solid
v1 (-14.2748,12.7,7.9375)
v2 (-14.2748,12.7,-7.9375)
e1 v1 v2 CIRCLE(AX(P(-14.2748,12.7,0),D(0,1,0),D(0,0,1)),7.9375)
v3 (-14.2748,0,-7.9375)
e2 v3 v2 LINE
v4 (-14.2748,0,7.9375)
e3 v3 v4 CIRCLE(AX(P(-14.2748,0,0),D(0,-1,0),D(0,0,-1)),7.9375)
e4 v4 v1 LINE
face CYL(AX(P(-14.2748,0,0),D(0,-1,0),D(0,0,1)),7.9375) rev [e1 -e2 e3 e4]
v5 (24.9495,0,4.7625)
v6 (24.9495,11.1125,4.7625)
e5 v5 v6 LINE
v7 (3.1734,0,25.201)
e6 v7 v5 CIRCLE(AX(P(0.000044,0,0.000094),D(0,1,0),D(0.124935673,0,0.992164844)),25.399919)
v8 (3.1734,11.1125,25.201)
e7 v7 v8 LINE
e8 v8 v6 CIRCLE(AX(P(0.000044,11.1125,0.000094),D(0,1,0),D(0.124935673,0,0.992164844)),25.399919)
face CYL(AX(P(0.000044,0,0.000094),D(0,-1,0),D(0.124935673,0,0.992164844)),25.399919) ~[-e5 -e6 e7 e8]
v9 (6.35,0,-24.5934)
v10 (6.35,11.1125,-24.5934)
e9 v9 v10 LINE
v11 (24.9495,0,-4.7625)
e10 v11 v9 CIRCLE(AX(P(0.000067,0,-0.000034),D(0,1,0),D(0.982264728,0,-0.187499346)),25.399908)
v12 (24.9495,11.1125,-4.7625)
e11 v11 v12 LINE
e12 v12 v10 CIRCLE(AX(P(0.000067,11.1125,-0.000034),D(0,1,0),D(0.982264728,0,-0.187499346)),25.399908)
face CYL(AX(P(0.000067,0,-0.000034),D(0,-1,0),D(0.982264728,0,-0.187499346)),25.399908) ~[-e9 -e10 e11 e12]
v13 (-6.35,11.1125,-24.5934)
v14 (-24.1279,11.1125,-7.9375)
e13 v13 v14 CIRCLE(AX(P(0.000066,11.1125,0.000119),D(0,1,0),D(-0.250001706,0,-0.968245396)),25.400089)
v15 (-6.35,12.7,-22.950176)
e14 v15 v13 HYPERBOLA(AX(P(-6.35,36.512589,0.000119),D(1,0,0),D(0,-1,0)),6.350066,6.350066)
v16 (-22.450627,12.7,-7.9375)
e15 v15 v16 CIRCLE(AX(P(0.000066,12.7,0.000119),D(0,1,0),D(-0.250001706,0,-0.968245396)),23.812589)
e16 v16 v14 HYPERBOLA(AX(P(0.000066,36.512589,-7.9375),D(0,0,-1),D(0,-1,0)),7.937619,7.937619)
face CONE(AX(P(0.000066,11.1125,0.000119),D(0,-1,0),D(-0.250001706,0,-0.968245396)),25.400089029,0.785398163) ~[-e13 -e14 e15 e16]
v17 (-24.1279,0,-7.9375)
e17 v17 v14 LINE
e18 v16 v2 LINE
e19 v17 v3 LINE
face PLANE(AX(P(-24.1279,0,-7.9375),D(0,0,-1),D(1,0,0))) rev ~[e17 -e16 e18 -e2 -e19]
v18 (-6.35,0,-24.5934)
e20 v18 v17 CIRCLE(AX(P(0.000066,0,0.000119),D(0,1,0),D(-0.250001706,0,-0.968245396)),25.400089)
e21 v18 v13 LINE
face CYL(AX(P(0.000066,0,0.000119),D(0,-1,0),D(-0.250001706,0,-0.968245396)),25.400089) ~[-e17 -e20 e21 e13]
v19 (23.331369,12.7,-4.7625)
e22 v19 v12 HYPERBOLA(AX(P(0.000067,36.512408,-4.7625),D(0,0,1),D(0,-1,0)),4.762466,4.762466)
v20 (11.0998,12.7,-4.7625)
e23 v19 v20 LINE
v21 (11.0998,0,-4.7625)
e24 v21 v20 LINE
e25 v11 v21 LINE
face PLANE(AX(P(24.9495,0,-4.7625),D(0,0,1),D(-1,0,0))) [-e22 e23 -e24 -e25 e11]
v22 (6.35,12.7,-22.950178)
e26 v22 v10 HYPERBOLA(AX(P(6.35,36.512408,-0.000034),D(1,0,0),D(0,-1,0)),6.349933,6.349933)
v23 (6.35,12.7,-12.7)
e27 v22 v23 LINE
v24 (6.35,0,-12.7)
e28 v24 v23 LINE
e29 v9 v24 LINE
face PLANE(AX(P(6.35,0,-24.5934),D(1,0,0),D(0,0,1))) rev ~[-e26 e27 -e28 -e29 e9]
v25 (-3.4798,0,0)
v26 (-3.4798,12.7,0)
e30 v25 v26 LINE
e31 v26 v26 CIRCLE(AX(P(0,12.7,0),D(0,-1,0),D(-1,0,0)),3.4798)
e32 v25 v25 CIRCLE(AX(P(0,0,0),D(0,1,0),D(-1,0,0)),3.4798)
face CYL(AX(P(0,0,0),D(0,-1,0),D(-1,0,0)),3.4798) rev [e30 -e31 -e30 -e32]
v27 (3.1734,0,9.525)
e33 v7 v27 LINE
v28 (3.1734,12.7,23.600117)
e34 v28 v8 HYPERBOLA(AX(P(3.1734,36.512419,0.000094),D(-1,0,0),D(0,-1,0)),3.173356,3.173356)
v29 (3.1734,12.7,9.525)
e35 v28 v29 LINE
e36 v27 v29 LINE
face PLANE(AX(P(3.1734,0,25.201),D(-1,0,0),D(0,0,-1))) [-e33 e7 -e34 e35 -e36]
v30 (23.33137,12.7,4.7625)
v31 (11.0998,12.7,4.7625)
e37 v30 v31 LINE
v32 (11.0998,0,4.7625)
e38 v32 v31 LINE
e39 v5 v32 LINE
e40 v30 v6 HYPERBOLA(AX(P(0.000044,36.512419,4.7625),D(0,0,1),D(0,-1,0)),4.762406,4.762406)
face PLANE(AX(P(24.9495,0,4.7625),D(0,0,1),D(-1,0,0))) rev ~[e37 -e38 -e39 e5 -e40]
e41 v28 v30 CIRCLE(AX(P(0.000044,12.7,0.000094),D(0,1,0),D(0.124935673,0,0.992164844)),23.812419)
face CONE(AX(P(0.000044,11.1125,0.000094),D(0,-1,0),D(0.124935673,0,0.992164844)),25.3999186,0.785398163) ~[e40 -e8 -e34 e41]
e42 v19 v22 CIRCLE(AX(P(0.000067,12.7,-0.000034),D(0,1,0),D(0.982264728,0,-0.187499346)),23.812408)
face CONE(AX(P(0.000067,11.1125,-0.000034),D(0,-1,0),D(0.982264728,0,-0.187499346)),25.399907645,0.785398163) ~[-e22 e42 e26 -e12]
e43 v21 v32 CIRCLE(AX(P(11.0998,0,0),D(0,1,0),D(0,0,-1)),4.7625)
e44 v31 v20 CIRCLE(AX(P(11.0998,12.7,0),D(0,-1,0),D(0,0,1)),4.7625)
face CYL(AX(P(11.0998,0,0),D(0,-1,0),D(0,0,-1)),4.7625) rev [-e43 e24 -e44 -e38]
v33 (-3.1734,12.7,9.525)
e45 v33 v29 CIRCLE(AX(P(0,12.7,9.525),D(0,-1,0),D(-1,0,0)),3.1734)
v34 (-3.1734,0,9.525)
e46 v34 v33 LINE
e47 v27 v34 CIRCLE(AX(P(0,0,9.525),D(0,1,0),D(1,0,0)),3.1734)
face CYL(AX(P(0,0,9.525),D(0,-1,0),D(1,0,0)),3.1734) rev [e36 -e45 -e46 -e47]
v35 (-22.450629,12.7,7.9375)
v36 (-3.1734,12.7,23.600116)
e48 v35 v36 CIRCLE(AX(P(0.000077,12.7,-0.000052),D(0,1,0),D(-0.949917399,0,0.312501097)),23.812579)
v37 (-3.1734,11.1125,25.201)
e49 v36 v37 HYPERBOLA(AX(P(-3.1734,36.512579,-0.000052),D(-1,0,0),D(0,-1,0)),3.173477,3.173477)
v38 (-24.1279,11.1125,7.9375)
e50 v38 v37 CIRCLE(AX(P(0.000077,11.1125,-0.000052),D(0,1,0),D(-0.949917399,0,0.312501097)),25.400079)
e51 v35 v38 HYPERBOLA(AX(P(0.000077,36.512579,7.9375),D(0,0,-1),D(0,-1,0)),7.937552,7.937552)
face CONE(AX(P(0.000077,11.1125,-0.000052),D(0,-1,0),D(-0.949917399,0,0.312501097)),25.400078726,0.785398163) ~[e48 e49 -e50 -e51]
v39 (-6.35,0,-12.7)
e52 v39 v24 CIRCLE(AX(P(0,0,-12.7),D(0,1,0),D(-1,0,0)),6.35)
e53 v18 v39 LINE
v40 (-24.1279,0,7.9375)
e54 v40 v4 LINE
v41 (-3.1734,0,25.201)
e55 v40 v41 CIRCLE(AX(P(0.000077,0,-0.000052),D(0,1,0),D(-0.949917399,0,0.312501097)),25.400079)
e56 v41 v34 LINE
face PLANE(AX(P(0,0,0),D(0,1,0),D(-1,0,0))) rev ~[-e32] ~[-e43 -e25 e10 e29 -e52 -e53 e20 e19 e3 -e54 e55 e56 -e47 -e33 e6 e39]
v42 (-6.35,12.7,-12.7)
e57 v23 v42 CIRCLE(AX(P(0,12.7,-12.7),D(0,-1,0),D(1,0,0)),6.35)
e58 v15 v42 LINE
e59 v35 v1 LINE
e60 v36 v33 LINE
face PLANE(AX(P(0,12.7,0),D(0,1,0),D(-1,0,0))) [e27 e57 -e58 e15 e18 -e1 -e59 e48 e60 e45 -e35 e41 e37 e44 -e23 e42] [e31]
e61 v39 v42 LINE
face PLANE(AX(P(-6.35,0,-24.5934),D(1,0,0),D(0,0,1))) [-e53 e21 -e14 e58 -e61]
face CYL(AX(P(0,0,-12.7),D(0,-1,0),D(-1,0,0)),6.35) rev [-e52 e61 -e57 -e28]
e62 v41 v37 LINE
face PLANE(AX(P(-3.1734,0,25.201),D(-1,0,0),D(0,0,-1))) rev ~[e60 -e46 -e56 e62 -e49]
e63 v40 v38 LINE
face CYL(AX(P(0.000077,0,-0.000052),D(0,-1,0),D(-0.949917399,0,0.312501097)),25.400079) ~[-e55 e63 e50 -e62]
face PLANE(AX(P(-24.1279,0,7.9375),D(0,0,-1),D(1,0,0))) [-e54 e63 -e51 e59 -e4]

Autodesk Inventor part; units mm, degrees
ref_plane "YZ Plane" through (0, 0, 0) normal (1, 0, 0) x (0, 1, 0)
ref_plane "XZ Plane" through (0, 0, 0) normal (0, 1, 0) x (-1, 0, 0)
ref_plane "XY Plane" through (0, 0, 0) normal (0, 0, 1) x (1, 0, 0)
sketch "Sketch1" plane through (0, 0, 0) normal (0, 1, 0) x (-1, 0, 0)
  line L0 (37.6078, 0) -> (-39.2505, 0) projected
  line L1 (0, -38.4978) -> (0, 39.9458) projected
  circle A0 centre (0, 0) radius 3.4798
  line L2 (3.1734, 25.201) -> (3.1734, 9.525)
  line L3 (-3.1734, 25.201) -> (-3.1734, 9.525)
  arc A1 (-3.1734, 9.525) -> (3.1734, 9.525) centre (0, 9.525) ccw
  line L4 (-6.35, -24.5934) -> (-6.35, -12.7)
  line L5 (6.35, -24.5934) -> (6.35, -12.7)
  arc A2 (6.35, -12.7) -> (-6.35, -12.7) centre (0, -12.7) ccw
  line L6 (-24.9495, 4.7625) -> (-11.0998, 4.7625)
  line L7 (-24.9495, -4.7625) -> (-11.0998, -4.7625)
  arc A3 (-11.0998, -4.7625) -> (-11.0998, 4.7625) centre (-11.0998, 0) ccw
  line L8 (24.1279, 7.9375) -> (14.2748, 7.9375)
  line L9 (24.1279, -7.9375) -> (14.2748, -7.9375)
  arc A4 (14.2748, 7.9375) -> (14.2748, -7.9375) centre (14.2748, 0) ccw
  arc A5 (-24.9495, -4.7625) -> (-6.35, -24.5934) centre (0, 0) ccw
  arc A6 (6.35, -24.5934) -> (24.1279, -7.9375) centre (0, 0) ccw
  arc A7 (24.1279, 7.9375) -> (3.1734, 25.201) centre (0, 0) ccw
  arc A8 (-3.1734, 25.201) -> (-24.9495, 4.7625) centre (0, 0) ccw
  dimension "d1" = 6.9596
  dimension "d5" = 9.525
  dimension "d6" = 12.7
  dimension "d7" = 9.525
  dimension "d8" = 6.3469
  dimension "d9" = 12.7
  dimension "d11" = 15.875
  dimension "d12" = 11.0998
  dimension "d13" = 14.2748
  dimension "d14" = 25.4
extrude "Extrusion1" add sketch "Sketch1" along normal blind 12.7 contours A4 L9 A6 L5 A2 L1 A0 L0 | L0 A0 L1 A1 L2 A7 L8 A4 | A0 L0 A3 L6 A8 L3 A1 L1 | L1 A2 L4 A5 L7 A3 L0 A0
chamfer "Chamfer1" distance 1.5875 angle 45 4 edges at (-16.1508, 12.7, 19.6039) (-17.3661, 12.7, -18.5359) (18.5265, 12.7, -17.3761) (17.3827, 12.7, 18.5203)
properties part number "Ch7(5) Part 3 Table"
